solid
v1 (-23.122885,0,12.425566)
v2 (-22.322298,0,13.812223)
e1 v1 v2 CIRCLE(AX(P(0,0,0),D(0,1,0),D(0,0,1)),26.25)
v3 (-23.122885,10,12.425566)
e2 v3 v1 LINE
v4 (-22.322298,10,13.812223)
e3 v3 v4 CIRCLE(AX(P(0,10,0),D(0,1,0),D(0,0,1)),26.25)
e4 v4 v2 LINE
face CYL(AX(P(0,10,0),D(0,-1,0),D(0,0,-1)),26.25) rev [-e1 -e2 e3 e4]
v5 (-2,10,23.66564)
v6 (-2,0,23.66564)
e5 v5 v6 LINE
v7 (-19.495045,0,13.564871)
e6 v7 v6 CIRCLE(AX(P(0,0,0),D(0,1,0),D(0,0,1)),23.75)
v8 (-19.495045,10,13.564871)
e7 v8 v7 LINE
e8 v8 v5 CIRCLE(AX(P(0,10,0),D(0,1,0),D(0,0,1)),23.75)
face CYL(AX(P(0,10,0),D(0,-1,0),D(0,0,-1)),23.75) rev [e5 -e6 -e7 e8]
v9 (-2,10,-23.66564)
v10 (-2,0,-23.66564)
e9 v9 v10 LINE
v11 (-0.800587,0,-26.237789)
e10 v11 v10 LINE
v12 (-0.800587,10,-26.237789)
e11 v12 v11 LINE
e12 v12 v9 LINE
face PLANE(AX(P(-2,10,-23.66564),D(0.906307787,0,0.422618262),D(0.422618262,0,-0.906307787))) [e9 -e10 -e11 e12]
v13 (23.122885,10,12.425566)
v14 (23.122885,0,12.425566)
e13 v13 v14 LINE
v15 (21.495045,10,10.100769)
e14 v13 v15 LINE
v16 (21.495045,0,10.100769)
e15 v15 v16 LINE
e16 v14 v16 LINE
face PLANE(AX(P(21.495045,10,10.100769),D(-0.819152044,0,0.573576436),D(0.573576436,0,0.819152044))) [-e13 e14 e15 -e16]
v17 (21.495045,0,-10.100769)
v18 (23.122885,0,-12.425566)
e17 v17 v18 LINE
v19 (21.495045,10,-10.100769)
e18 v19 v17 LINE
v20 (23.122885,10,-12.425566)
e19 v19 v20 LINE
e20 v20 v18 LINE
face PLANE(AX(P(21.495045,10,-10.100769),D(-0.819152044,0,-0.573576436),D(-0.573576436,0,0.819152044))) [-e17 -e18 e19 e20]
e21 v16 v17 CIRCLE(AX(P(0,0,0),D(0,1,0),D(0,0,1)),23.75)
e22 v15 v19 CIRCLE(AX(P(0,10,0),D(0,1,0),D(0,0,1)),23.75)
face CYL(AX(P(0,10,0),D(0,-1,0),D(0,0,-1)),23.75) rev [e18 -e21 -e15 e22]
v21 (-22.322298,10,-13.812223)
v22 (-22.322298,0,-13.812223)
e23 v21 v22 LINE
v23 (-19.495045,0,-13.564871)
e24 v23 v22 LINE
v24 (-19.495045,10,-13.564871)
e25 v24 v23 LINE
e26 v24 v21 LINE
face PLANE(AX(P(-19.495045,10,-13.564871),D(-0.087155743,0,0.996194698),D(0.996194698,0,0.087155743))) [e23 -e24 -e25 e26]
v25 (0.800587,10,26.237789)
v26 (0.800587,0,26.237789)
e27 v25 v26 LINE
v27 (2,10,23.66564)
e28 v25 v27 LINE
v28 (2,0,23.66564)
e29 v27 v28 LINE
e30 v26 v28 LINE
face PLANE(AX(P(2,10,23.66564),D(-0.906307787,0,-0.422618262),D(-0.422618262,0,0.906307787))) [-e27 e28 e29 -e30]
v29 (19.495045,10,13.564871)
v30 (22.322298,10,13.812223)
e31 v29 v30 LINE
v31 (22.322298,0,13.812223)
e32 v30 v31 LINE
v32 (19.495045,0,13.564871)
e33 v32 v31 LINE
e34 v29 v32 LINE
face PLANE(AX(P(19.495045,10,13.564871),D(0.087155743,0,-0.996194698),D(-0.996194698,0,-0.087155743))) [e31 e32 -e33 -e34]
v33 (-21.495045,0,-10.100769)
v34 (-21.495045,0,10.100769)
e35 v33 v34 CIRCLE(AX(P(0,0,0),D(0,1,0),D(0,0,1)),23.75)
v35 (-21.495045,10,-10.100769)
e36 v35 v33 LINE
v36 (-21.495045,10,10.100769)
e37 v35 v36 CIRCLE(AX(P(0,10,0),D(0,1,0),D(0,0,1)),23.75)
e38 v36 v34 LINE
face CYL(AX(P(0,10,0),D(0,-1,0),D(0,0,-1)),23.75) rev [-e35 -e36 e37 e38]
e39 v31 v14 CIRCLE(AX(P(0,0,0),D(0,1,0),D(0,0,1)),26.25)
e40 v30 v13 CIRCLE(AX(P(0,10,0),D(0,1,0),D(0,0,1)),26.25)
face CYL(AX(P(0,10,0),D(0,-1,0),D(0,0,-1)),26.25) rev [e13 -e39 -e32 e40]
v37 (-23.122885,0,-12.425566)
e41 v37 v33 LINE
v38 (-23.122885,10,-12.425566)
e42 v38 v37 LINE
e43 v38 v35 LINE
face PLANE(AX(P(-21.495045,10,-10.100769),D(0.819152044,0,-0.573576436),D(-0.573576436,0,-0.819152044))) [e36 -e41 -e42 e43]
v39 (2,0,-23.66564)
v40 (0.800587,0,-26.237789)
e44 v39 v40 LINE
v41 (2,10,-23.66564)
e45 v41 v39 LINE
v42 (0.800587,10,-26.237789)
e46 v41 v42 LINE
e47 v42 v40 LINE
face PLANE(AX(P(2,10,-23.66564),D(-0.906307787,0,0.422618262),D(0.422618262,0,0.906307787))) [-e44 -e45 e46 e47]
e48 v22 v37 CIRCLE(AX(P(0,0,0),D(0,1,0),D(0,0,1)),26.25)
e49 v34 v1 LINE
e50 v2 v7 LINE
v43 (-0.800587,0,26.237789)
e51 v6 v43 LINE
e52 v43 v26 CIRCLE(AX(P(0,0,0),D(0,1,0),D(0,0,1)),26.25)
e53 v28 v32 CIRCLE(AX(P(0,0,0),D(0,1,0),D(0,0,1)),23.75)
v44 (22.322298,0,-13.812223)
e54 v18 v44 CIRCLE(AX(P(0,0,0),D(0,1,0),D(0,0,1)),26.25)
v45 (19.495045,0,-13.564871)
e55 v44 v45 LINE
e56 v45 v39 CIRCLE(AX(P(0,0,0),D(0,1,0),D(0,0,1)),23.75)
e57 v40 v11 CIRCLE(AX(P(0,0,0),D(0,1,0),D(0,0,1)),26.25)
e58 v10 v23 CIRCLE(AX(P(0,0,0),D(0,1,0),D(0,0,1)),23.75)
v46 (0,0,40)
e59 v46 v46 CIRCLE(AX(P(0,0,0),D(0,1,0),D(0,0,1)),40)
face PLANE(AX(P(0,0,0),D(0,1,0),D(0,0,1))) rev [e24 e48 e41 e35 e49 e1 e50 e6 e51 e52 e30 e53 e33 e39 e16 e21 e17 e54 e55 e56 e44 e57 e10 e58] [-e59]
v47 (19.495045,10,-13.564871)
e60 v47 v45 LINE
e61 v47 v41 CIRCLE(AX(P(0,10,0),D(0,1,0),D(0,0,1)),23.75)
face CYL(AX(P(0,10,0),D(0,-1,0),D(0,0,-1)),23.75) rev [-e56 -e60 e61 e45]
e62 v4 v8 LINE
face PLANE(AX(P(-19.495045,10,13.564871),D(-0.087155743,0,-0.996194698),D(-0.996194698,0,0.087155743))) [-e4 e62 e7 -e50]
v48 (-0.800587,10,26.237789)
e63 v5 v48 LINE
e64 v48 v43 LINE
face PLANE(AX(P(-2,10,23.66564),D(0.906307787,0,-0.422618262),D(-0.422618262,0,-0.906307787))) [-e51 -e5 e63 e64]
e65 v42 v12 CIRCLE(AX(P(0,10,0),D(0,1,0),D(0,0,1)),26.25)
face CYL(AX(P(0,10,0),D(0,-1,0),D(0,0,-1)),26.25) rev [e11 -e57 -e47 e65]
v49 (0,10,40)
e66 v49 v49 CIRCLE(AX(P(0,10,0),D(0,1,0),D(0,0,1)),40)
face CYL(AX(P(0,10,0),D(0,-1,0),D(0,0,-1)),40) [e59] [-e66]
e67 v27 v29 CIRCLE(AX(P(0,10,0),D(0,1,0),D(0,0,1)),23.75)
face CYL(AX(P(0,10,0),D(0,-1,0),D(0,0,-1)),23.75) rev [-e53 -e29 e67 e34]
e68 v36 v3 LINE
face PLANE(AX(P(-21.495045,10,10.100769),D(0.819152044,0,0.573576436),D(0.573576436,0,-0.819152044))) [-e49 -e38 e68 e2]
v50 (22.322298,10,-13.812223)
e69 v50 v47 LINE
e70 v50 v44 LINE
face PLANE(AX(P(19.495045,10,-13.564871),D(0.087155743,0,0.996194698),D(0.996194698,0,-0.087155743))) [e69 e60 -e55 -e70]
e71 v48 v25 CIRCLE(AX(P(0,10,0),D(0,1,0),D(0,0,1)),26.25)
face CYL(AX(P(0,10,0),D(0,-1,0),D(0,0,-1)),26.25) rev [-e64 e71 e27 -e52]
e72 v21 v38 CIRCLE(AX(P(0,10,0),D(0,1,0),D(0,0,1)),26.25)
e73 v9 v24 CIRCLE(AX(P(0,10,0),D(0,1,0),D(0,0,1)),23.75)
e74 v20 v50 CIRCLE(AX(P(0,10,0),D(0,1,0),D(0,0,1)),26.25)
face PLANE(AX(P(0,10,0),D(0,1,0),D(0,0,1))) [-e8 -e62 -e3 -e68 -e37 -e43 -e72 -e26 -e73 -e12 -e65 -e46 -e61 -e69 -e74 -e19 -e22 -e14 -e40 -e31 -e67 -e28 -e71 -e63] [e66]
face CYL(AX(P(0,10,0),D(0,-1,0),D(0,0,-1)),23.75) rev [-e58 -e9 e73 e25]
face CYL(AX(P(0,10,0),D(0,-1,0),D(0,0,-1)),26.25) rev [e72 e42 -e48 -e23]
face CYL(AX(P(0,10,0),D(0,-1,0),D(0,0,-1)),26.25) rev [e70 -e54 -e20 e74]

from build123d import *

# Parameters (mm, degrees)
SKETCH1_R           = 40
BOSS_EXTRUDE1_DEPTH = 10


with BuildPart() as part:
    # Sketch1 → Boss-Extrude1 (new body)
    with BuildSketch(Plane(origin=(0, 0, 0), x_dir=(1, 0, 0), z_dir=(0, 1, 0))):
        with Locations(Location((0, 0, 0), (0, 0, 270))):
            Circle(SKETCH1_R)
        with BuildLine():
            Line((-2, 23.665639649), (-0.800587161, 26.237788783))
            ThreePointArc((-0.800587161, 26.237788783), (0, 26.25), (0.800587161, 26.237788783))
            Line((0.800587161, 26.237788783), (2, 23.665639649))
            ThreePointArc((2, 23.665639649), (11.875, 20.56810334), (19.495045133, 13.564870632))
            Line((19.495045133, 13.564870632), (22.322298044, 13.812223211))
            ThreePointArc((22.322298044, 13.812223211), (22.733166849, 13.125), (23.122885205, 12.425565572))
            Line((23.122885205, 12.425565572), (21.495045133, 10.100769017))
            ThreePointArc((21.495045133, 10.100769017), (23.75, 0), (21.495045133, -10.100769017))
            Line((21.495045133, -10.100769017), (23.122885205, -12.425565572))
            ThreePointArc((23.122885205, -12.425565572), (22.733166849, -13.125), (22.322298044, -13.812223211))
            Line((22.322298044, -13.812223211), (19.495045133, -13.564870632))
            ThreePointArc((19.495045133, -13.564870632), (11.875, -20.56810334), (2, -23.665639649))
            Line((2, -23.665639649), (0.800587161, -26.237788783))
            ThreePointArc((0.800587161, -26.237788783), (0, -26.25), (-0.800587161, -26.237788783))
            Line((-0.800587161, -26.237788783), (-2, -23.665639649))
            ThreePointArc((-2, -23.665639649), (-11.875, -20.56810334), (-19.495045133, -13.564870632))
            Line((-19.495045133, -13.564870632), (-22.322298044, -13.812223211))
            ThreePointArc((-22.322298044, -13.812223211), (-22.733166849, -13.125), (-23.122885205, -12.425565572))
            Line((-23.122885205, -12.425565572), (-21.495045133, -10.100769017))
            ThreePointArc((-21.495045133, -10.100769017), (-23.75, 0), (-21.495045133, 10.100769017))
            Line((-21.495045133, 10.100769017), (-23.122885205, 12.425565572))
            ThreePointArc((-23.122885205, 12.425565572), (-22.733166849, 13.125), (-22.322298044, 13.812223211))
            Line((-22.322298044, 13.812223211), (-19.495045133, 13.564870632))
            ThreePointArc((-19.495045133, 13.564870632), (-11.875, 20.56810334), (-2, 23.665639649))
        make_face(mode=Mode.SUBTRACT)
    extrude(amount=BOSS_EXTRUDE1_DEPTH)


solid = part.part
